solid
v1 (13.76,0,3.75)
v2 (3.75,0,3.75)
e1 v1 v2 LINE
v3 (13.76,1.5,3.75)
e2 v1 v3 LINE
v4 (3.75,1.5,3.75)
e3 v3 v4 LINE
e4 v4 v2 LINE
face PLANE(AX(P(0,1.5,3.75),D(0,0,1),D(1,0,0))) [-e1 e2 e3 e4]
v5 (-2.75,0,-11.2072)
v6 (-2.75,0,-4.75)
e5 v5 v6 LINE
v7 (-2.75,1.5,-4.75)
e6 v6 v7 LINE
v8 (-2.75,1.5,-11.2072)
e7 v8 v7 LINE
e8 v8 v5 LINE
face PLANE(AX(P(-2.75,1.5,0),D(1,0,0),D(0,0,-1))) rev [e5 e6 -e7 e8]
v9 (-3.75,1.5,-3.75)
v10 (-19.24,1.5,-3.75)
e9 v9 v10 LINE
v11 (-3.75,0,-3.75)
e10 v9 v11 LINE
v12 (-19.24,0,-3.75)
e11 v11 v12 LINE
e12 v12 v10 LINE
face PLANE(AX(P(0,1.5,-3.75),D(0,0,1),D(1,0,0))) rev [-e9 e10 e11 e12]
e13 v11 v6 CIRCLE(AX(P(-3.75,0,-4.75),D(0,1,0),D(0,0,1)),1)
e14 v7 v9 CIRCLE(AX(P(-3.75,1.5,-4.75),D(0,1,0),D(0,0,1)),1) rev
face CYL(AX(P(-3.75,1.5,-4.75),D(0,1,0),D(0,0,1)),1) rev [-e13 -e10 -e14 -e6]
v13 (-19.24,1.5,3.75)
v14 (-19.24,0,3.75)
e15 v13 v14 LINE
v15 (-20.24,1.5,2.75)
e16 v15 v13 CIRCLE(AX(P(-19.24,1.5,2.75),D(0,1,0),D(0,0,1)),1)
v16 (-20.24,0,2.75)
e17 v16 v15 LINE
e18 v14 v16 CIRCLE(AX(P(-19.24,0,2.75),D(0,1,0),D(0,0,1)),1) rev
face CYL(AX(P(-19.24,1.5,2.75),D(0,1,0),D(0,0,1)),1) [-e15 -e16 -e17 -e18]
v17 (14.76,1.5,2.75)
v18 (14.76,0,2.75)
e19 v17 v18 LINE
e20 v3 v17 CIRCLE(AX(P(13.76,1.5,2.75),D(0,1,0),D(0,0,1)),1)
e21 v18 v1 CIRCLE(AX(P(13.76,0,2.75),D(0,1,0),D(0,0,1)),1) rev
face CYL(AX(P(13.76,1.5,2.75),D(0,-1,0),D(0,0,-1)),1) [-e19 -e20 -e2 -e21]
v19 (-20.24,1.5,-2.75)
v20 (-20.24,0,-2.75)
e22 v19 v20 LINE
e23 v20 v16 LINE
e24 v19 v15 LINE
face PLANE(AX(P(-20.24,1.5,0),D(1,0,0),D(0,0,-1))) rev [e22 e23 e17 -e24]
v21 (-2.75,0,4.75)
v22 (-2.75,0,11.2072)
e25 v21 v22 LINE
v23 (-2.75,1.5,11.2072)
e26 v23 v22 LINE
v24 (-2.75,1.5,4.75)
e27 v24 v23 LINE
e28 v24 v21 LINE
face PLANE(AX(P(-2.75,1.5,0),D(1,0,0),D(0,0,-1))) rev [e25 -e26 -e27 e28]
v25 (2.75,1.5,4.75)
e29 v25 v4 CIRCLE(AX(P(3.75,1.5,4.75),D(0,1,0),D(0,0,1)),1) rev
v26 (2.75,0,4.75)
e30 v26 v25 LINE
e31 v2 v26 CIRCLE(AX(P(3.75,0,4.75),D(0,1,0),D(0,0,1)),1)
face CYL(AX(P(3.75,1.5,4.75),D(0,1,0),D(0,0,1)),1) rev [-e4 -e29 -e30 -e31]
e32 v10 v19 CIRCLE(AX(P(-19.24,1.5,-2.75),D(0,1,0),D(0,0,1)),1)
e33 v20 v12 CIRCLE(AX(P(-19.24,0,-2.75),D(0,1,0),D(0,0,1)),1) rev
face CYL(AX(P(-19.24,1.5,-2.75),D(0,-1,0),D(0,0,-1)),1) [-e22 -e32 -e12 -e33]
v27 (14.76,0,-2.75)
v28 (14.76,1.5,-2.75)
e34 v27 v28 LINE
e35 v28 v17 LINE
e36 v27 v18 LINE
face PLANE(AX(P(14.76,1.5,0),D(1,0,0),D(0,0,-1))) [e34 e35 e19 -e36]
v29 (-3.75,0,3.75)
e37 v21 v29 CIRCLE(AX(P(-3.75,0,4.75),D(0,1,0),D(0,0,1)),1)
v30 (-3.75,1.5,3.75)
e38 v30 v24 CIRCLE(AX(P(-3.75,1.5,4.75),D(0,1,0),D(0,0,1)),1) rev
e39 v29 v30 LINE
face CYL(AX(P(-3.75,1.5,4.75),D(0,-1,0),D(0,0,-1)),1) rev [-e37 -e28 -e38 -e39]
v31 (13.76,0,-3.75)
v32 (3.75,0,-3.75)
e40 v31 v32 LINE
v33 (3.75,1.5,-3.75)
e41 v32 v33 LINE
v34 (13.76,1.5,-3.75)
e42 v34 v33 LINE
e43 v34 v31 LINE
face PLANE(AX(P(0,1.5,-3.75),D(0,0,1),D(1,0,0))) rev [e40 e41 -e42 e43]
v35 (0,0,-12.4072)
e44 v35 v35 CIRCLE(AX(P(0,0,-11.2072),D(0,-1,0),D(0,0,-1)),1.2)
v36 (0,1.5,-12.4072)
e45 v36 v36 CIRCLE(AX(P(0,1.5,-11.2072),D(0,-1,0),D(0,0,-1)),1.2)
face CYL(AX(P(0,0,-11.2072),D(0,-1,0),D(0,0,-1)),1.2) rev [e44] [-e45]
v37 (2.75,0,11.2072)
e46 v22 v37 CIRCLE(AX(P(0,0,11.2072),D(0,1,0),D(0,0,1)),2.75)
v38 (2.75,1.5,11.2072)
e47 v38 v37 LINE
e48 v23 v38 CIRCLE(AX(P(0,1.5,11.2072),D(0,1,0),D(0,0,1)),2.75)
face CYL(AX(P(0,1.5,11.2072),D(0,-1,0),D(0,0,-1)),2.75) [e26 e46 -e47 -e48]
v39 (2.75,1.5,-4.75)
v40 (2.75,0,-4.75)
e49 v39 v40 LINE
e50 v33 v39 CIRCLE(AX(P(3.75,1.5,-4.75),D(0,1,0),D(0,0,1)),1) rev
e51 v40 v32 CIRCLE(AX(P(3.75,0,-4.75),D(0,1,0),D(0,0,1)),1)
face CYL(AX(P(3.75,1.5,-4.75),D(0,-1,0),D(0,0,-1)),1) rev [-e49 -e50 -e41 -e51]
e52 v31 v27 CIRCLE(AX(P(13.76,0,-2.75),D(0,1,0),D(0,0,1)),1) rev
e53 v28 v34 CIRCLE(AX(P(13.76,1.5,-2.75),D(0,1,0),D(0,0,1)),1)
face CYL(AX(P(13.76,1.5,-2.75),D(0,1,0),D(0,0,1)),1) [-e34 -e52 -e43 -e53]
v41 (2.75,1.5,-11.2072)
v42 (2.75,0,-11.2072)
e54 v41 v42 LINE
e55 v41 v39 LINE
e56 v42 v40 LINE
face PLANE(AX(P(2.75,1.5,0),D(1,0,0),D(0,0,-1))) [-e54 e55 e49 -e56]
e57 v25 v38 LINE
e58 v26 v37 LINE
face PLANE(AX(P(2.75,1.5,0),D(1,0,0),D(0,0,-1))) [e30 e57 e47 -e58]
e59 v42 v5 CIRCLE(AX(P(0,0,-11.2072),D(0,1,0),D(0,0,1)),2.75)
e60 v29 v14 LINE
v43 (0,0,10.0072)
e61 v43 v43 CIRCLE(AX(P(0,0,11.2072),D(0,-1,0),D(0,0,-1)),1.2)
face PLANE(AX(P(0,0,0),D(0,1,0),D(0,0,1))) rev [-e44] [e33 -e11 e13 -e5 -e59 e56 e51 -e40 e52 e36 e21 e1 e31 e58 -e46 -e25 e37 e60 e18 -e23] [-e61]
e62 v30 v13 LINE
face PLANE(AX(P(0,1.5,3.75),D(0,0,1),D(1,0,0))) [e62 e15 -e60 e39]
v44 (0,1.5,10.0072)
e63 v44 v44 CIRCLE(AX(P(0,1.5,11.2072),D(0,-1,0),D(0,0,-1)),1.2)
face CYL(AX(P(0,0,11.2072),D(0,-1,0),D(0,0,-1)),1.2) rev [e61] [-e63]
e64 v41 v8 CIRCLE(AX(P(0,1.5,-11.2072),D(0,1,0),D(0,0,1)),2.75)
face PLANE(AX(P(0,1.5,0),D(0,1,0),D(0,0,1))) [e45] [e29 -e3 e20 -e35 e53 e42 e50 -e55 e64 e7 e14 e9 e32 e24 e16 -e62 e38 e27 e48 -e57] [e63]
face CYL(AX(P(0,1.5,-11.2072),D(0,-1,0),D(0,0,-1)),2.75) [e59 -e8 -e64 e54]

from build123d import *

# Parameters (mm, degrees)
BOSS_EXTRUDE1_DEPTH  = 1.5
M2_CLEARANCE_HOLE1_D = 2.4
FILLET1_R            = 1


with BuildPart() as part:
    # Sketch1 → Boss-Extrude1 (new body)
    with BuildSketch(Plane(origin=(0, 0, 0), x_dir=(1, 0, 0), z_dir=(0, 1, 0))):
        with BuildLine():
            ThreePointArc((2.75, 11.2072), (0, 13.9572), (-2.75, 11.2072))
            Line((-2.75, 11.2072), (-2.75, 3.75))
            Line((-2.75, 3.75), (-20.24, 3.75))
            Line((-20.24, 3.75), (-20.24, -3.75))
            Line((-20.24, -3.75), (-2.75, -3.75))
            Line((-2.75, -3.75), (-2.75, -11.2072))
            ThreePointArc((-2.75, -11.2072), (0, -13.9572), (2.75, -11.2072))
            Line((2.75, -11.2072), (2.75, -3.75))
            Line((2.75, -3.75), (14.76, -3.75))
            Line((14.76, -3.75), (14.76, 3.75))
            Line((14.76, 3.75), (2.75, 3.75))
            Line((2.75, 3.75), (2.75, 11.2072))
        make_face()
    extrude(amount=BOSS_EXTRUDE1_DEPTH)

    # M2 Clearance Hole1 (through all)
    with Locations(Plane(origin=(0, 0, -11.2072), x_dir=(0, 0, -1), z_dir=(0, -1, 0))):
        with Locations((0, 0), (-22.4144, 0)):
            Hole(M2_CLEARANCE_HOLE1_D / 2)

    # Fillet1
    fillet1_edges = [part.edges().sort_by_distance(p)[0] for p in [
        (2.75, 0.75, -3.75),
        (14.76, 0.75, -3.75),
        (14.76, 0.75, 3.75),
        (-20.24, 0.75, 3.75),
        (-20.24, 0.75, -3.75),
        (-2.75, 0.75, -3.75),
        (-2.75, 0.75, 3.75),
        (2.75, 0.75, 3.75),
    ]]
    fillet(fillet1_edges, radius=FILLET1_R)


solid = part.part
